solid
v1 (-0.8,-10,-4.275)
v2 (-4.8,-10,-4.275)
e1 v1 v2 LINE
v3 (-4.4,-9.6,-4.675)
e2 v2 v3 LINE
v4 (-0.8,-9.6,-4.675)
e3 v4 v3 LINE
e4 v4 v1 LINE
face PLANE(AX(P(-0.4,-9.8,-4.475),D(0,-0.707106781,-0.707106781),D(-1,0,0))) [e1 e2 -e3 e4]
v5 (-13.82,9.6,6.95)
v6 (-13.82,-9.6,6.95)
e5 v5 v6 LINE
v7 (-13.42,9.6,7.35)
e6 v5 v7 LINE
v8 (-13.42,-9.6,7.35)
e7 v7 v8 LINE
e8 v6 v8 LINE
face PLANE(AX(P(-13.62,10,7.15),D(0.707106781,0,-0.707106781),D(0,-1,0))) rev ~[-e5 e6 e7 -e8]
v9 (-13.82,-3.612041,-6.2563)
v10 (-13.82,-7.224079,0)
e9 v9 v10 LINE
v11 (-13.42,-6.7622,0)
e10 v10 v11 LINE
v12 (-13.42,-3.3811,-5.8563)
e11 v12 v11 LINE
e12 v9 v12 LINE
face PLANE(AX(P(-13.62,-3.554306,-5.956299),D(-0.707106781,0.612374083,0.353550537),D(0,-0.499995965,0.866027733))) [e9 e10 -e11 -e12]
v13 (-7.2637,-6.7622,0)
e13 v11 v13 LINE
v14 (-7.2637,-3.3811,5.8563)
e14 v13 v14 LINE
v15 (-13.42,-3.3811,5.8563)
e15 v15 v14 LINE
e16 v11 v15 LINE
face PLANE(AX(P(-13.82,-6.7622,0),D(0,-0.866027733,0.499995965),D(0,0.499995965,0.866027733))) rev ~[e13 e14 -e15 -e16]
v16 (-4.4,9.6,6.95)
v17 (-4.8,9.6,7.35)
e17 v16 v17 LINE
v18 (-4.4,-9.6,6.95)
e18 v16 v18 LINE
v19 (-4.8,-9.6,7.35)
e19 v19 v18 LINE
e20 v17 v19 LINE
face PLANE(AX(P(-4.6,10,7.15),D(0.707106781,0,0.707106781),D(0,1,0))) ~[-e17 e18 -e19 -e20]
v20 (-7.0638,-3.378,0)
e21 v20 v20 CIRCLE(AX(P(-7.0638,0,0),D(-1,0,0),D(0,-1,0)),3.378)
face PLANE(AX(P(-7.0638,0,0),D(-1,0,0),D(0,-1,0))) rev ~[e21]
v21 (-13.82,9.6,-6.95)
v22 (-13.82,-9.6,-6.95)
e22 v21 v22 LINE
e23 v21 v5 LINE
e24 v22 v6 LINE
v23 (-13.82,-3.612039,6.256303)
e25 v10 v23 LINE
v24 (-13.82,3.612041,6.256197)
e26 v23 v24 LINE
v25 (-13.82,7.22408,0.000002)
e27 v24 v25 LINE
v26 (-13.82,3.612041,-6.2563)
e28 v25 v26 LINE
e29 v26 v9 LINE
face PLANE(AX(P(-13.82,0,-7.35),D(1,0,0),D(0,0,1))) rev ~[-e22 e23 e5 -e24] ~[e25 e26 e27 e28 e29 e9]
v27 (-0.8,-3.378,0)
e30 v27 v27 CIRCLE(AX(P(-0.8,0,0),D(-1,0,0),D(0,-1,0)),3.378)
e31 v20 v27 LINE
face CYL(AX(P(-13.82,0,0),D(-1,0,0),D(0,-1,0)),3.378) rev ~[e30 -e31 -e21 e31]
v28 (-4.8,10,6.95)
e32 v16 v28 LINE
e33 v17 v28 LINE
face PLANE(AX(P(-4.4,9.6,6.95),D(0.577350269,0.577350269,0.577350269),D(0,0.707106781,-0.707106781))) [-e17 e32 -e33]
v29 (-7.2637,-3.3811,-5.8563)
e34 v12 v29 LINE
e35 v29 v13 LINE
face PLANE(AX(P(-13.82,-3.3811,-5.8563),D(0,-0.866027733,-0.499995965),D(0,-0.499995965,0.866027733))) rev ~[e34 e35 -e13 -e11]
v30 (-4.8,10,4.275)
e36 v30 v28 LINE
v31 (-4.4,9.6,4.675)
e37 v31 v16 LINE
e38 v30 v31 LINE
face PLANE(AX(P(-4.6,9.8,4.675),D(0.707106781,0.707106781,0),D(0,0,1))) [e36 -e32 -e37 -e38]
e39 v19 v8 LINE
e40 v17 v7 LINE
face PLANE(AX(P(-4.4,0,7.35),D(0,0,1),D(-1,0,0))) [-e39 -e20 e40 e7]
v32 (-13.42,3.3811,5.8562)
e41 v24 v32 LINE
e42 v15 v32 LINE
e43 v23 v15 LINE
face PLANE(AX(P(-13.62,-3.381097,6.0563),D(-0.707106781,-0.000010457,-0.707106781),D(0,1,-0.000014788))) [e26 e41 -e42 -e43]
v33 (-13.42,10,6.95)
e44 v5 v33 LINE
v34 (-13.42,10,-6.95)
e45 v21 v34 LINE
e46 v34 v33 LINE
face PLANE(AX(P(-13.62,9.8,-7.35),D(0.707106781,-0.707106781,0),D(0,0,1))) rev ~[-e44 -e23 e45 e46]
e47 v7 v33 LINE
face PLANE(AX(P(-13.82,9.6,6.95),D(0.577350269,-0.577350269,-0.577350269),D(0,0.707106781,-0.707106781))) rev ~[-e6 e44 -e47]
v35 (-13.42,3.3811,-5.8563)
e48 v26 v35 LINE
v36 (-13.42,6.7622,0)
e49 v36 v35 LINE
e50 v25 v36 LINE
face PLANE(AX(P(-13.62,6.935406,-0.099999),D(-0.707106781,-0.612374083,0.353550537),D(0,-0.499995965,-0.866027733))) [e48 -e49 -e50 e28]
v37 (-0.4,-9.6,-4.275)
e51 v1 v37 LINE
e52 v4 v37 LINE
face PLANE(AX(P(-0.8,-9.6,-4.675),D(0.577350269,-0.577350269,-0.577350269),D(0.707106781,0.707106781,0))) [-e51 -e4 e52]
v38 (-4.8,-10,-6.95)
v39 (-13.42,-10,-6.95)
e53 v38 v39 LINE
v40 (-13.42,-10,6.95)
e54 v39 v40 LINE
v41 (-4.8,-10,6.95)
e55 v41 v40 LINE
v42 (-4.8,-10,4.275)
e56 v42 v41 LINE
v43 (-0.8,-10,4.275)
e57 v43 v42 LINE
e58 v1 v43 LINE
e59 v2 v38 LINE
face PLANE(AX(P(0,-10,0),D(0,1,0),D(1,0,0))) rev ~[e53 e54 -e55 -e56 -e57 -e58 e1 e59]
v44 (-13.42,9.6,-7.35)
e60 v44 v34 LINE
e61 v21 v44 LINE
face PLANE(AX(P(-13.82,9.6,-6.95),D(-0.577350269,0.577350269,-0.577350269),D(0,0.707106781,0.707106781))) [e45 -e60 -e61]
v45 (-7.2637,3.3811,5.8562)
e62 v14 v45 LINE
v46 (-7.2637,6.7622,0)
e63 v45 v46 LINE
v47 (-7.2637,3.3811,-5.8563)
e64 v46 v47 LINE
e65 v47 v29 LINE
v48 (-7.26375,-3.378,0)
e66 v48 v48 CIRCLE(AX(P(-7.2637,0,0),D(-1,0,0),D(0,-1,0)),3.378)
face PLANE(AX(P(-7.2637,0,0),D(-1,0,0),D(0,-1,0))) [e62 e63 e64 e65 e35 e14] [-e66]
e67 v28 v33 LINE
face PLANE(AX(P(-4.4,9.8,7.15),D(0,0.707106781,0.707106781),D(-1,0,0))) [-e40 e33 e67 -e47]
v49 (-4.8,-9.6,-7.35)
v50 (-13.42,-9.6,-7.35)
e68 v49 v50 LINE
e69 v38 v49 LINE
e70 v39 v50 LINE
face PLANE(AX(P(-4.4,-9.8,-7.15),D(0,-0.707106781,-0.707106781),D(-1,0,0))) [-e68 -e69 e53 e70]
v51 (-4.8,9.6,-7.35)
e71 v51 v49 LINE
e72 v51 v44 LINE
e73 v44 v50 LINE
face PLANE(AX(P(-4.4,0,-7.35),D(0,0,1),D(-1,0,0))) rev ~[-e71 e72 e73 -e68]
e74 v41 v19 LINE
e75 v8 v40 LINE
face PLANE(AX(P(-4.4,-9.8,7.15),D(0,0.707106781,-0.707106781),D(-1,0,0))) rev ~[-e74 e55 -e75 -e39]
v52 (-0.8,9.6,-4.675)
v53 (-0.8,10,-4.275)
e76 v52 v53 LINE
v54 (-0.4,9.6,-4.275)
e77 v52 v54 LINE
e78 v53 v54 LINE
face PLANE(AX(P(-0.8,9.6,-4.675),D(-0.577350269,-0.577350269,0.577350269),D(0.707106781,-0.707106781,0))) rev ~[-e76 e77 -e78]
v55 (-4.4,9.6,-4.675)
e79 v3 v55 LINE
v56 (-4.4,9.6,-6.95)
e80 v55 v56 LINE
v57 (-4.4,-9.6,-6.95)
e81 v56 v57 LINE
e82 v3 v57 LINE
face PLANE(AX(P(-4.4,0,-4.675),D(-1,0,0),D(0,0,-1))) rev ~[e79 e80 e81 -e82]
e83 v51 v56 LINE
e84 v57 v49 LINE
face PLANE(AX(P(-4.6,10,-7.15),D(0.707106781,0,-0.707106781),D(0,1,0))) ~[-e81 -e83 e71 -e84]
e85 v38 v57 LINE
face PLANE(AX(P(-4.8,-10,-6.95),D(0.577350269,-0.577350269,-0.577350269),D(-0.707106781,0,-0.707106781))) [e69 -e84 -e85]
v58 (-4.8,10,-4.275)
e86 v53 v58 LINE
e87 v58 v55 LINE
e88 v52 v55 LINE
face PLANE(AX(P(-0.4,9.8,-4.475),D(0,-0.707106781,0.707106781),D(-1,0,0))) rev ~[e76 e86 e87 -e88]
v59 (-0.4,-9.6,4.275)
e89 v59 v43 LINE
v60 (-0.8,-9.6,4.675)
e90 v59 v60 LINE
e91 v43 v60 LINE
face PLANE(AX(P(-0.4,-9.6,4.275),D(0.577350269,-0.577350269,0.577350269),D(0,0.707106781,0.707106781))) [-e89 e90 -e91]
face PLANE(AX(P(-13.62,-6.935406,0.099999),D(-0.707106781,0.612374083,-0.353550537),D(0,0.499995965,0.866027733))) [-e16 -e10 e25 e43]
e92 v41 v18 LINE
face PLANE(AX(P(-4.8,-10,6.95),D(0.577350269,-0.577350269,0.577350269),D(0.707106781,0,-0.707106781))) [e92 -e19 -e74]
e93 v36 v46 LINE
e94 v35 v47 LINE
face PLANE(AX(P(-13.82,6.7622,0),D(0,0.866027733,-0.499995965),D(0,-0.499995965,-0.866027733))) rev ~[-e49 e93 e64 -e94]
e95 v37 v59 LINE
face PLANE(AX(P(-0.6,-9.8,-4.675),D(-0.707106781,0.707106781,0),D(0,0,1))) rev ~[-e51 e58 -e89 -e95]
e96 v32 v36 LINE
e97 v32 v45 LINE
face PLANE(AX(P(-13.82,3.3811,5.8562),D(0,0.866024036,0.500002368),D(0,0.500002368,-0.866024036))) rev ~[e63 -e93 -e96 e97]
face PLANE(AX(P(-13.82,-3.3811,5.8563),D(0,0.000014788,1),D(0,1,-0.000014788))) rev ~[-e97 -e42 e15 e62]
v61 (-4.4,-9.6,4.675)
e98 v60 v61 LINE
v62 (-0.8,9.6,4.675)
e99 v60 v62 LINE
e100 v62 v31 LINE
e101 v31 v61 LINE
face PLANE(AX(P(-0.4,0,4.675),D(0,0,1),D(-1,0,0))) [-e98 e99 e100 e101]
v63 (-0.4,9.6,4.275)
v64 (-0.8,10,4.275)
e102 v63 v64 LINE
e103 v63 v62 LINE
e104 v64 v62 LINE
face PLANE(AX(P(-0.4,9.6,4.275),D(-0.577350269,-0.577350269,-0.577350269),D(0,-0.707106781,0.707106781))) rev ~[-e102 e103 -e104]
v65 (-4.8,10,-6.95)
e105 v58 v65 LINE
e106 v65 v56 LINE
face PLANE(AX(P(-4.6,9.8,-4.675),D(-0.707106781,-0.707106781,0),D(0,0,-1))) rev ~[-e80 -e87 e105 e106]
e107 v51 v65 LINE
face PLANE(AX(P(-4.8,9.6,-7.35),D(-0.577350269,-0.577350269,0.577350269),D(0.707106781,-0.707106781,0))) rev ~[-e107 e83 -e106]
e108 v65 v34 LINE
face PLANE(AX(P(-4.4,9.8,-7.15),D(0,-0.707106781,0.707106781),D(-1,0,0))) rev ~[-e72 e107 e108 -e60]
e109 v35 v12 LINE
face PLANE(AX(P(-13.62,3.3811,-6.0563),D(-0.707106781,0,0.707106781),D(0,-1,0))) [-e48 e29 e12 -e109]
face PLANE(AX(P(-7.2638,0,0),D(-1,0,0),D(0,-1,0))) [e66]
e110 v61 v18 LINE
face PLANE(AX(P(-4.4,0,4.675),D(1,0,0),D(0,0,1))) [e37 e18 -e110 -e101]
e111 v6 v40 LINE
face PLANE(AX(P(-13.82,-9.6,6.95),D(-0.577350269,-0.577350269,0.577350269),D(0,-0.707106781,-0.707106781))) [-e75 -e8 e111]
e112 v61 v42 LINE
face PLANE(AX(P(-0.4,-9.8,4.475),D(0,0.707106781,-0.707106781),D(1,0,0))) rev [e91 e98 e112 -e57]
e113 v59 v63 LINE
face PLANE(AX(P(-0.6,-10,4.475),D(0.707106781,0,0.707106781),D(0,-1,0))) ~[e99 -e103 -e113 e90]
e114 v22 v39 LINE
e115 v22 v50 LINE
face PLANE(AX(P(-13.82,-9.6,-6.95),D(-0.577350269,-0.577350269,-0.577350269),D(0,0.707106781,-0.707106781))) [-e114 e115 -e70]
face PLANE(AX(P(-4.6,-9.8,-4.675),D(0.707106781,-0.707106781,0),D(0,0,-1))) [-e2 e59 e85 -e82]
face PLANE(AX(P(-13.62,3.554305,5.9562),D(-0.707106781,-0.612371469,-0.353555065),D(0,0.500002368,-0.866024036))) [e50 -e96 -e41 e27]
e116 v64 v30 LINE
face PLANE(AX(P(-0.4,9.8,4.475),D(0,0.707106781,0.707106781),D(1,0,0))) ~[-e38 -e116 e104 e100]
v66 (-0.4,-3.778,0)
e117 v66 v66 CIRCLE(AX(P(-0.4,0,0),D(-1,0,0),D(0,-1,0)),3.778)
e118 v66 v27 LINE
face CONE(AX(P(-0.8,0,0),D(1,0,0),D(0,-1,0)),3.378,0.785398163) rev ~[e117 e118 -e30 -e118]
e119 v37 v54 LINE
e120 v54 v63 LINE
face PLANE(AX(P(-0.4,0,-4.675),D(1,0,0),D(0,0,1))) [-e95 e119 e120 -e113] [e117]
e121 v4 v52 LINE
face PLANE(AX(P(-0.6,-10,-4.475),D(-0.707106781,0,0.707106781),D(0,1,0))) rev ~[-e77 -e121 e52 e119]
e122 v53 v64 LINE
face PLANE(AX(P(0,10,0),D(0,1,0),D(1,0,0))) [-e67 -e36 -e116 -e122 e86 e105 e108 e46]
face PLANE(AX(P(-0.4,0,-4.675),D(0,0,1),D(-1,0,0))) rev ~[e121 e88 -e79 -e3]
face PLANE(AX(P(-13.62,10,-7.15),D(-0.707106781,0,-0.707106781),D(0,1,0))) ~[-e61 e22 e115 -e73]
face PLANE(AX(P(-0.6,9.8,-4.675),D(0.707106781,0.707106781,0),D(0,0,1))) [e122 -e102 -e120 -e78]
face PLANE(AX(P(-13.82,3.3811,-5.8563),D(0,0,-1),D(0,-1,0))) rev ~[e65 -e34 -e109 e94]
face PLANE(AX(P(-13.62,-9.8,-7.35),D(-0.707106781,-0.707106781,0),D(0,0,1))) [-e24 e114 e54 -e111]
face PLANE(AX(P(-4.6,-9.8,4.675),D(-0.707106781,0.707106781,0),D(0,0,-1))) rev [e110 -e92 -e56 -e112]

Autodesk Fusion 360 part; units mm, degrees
sketch "Sketch1" plane through (0, 0, 0) normal (0, 1, 0) x (1, 0, 0)
  line L0 (-18.22, -14.04) -> (0, -14.04)
  line L1 (0, -14.04) -> (0, 14.04)
  line L2 (0, 14.04) -> (-18.22, 14.04)
  line L3 (-18.22, 14.04) -> (-18.22, -14.04)
  line L4 (0, -5.075) -> (-4, -5.075)
  line L5 (-4, -5.075) -> (-4, -7.75)
  line L6 (-4, -7.75) -> (-14.22, -7.75)
  line L7 (0, 5.075) -> (-4, 5.075)
  line L8 (-4, 5.075) -> (-4, 7.75)
  line L9 (-4, 7.75) -> (-14.22, 7.75)
  line L10 (-14.22, 7.75) -> (-14.22, -7.75)
  line L11 (-18.22, 0) -> (0, 0) construction
  line L12 (-4, -5.075) -> (-4, 5.075) construction
  point P0 (-14.22, 0)
  point P1 (-4, 0)
  dimension "d1" = 28.08
  dimension "d2" = 10.15
  dimension "d3" = 4
  dimension "d4" = 10.22
  dimension "d5" = 15.5
  dimension "d6" = 2.675
  dimension "d7" = 14.22
  dimension "d10" = 4
extrude "Extrude1" add sketch "Sketch1" along normal blind 100 contours L0 L1 L2 L3 L4 L5 L6 L7 L8 L9 L10 makes body 1
sketch "Sketch2" plane through (0, 0, 0) normal (0, 1, 0) x (1, 0, 0)
  line L0 (-4, -7.75) -> (-14.22, -7.75)
  line L1 (-14.22, 7.75) -> (-14.22, -7.75)
  line L2 (-4, 7.75) -> (-14.22, 7.75)
  line L3 (-4, 5.075) -> (-4, 7.75)
  line L4 (0, 5.075) -> (-4, 5.075)
  line L5 (0, -5.075) -> (-4, -5.075)
  line L6 (-4, -5.075) -> (-4, -7.75)
  line L7 (0, -14.04) -> (0, 14.04)
  line L8 (0, 5.075) -> (0, -5.075)
  line L9 (-0.4, -4.675) -> (-4.4, -4.675)
  line L10 (-4.4, -4.675) -> (-4.4, -7.35)
  line L11 (-4.4, -7.35) -> (-13.82, -7.35)
  line L12 (-13.82, 7.35) -> (-13.82, -7.35)
  line L13 (-4.4, 7.35) -> (-13.82, 7.35)
  line L14 (-4.4, 4.675) -> (-4.4, 7.35)
  line L15 (-0.4, 4.675) -> (-4.4, 4.675)
  line L16 (-0.4, 4.675) -> (-0.4, -4.675)
  dimension "d11" = 0.4
extrude "Extrude2" add sketch "Sketch2" along normal mid plane 20 separate body contours L9 L10 L11 L12 L13 L14 L15 L16 makes body 2
sketch "Sketch4" plane through (-13.82, 0, 0) normal (-1, 0, 0) x (0, -1, 0)
  line L0 (10, 7.35) -> (-10, 7.35)
  line L1 (-10, 7.35) -> (-10, -7.35)
  line L2 (-10, -7.35) -> (10, -7.35)
  line L3 (10, -7.35) -> (10, 7.35)
  line L4 (3.3811, 5.8563) -> (-3.3811, 5.8562)
  line L5 (-3.3811, 5.8562) -> (-6.7622, 0)
  line L6 (-6.7622, 0) -> (-3.3811, -5.8563)
  line L7 (-3.3811, -5.8563) -> (3.3811, -5.8563)
  line L8 (3.3811, -5.8563) -> (6.7622, 0)
  line L9 (6.7622, 0) -> (3.3811, 5.8563)
  line L10 (0, 0) -> (10, 0) construction
  circle A0 centre (0, 0) radius 3.378
  dimension "d14" = 11.7125
  dimension "d23" = 6.756
extrude "Extrude3" cut sketch "Sketch4" against normal blind 6.5563 contours L4 L5 L6 L7 L8 L9 bodies 2
extrude "Extrude4" cut sketch "Sketch4" against normal blind 25.66 contours A0 bodies 2
chamfer "Chamfer1" distance 0.4 angle 45 23 edges at (-9.11, 10, 7.35) (-4.4, 0, 7.35) (-9.11, -10, 7.35) (-4.4, 10, 6.0125) (-2.4, 10, 4.675) (-0.4, 10, 0) (-2.4, 10, -4.675) (-4.4, 10, -6.0125) (-9.11, 10, -7.35) (-4.4, 0, -7.35) (-4.4, -10, 6.0125) (-2.4, -10, 4.675) (-0.4, -10, 0) (-2.4, -10, -4.675) (-4.4, -10, -6.0125) (-9.11, -10, -7.35) (-0.4, 0, 4.675) (-0.4, 0, -4.675) (-0.4, 3.1494, -1.2215) (-13.82, 0, 7.35) (-13.82, -10, 0) (-13.82, 0, -7.35) (-13.82, 10, 0) on bodies 2
chamfer "Chamfer2" distance 0.4 angle 45 6 edges at (-13.82, 5.0717, 2.9281) (-13.82, 0, 5.8563) (-13.82, -5.0717, 2.9281) (-13.82, -5.0717, -2.9281) (-13.82, 0, -5.8563) (-13.82, 5.0717, -2.9281) on bodies 2
sketch "Sketch5" plane through (-7.2638, 0, 0) normal (-1, 0, 0) x (0, -1, 0)
  circle A0 centre (0, 0) radius 3.378
  line L0 (6.7622, 0) -> (3.3811, 5.8563)
  line L1 (3.3811, 5.8563) -> (-3.3811, 5.8562)
  line L2 (-3.3811, 5.8562) -> (-6.7622, 0)
  line L3 (-6.7622, 0) -> (-3.3811, -5.8563)
  line L4 (-3.3811, -5.8563) -> (3.3811, -5.8563)
  line L5 (3.3811, -5.8563) -> (6.7622, 0)
extrude "Extrude5" add sketch "Sketch5" against normal blind 0.2 contours A0 bodies 2
hidden bodies 1
equation "d14 = 7 in / 16 + 0.6 mm"
equation "d15 = -7 in / 32 - 1 mm"
